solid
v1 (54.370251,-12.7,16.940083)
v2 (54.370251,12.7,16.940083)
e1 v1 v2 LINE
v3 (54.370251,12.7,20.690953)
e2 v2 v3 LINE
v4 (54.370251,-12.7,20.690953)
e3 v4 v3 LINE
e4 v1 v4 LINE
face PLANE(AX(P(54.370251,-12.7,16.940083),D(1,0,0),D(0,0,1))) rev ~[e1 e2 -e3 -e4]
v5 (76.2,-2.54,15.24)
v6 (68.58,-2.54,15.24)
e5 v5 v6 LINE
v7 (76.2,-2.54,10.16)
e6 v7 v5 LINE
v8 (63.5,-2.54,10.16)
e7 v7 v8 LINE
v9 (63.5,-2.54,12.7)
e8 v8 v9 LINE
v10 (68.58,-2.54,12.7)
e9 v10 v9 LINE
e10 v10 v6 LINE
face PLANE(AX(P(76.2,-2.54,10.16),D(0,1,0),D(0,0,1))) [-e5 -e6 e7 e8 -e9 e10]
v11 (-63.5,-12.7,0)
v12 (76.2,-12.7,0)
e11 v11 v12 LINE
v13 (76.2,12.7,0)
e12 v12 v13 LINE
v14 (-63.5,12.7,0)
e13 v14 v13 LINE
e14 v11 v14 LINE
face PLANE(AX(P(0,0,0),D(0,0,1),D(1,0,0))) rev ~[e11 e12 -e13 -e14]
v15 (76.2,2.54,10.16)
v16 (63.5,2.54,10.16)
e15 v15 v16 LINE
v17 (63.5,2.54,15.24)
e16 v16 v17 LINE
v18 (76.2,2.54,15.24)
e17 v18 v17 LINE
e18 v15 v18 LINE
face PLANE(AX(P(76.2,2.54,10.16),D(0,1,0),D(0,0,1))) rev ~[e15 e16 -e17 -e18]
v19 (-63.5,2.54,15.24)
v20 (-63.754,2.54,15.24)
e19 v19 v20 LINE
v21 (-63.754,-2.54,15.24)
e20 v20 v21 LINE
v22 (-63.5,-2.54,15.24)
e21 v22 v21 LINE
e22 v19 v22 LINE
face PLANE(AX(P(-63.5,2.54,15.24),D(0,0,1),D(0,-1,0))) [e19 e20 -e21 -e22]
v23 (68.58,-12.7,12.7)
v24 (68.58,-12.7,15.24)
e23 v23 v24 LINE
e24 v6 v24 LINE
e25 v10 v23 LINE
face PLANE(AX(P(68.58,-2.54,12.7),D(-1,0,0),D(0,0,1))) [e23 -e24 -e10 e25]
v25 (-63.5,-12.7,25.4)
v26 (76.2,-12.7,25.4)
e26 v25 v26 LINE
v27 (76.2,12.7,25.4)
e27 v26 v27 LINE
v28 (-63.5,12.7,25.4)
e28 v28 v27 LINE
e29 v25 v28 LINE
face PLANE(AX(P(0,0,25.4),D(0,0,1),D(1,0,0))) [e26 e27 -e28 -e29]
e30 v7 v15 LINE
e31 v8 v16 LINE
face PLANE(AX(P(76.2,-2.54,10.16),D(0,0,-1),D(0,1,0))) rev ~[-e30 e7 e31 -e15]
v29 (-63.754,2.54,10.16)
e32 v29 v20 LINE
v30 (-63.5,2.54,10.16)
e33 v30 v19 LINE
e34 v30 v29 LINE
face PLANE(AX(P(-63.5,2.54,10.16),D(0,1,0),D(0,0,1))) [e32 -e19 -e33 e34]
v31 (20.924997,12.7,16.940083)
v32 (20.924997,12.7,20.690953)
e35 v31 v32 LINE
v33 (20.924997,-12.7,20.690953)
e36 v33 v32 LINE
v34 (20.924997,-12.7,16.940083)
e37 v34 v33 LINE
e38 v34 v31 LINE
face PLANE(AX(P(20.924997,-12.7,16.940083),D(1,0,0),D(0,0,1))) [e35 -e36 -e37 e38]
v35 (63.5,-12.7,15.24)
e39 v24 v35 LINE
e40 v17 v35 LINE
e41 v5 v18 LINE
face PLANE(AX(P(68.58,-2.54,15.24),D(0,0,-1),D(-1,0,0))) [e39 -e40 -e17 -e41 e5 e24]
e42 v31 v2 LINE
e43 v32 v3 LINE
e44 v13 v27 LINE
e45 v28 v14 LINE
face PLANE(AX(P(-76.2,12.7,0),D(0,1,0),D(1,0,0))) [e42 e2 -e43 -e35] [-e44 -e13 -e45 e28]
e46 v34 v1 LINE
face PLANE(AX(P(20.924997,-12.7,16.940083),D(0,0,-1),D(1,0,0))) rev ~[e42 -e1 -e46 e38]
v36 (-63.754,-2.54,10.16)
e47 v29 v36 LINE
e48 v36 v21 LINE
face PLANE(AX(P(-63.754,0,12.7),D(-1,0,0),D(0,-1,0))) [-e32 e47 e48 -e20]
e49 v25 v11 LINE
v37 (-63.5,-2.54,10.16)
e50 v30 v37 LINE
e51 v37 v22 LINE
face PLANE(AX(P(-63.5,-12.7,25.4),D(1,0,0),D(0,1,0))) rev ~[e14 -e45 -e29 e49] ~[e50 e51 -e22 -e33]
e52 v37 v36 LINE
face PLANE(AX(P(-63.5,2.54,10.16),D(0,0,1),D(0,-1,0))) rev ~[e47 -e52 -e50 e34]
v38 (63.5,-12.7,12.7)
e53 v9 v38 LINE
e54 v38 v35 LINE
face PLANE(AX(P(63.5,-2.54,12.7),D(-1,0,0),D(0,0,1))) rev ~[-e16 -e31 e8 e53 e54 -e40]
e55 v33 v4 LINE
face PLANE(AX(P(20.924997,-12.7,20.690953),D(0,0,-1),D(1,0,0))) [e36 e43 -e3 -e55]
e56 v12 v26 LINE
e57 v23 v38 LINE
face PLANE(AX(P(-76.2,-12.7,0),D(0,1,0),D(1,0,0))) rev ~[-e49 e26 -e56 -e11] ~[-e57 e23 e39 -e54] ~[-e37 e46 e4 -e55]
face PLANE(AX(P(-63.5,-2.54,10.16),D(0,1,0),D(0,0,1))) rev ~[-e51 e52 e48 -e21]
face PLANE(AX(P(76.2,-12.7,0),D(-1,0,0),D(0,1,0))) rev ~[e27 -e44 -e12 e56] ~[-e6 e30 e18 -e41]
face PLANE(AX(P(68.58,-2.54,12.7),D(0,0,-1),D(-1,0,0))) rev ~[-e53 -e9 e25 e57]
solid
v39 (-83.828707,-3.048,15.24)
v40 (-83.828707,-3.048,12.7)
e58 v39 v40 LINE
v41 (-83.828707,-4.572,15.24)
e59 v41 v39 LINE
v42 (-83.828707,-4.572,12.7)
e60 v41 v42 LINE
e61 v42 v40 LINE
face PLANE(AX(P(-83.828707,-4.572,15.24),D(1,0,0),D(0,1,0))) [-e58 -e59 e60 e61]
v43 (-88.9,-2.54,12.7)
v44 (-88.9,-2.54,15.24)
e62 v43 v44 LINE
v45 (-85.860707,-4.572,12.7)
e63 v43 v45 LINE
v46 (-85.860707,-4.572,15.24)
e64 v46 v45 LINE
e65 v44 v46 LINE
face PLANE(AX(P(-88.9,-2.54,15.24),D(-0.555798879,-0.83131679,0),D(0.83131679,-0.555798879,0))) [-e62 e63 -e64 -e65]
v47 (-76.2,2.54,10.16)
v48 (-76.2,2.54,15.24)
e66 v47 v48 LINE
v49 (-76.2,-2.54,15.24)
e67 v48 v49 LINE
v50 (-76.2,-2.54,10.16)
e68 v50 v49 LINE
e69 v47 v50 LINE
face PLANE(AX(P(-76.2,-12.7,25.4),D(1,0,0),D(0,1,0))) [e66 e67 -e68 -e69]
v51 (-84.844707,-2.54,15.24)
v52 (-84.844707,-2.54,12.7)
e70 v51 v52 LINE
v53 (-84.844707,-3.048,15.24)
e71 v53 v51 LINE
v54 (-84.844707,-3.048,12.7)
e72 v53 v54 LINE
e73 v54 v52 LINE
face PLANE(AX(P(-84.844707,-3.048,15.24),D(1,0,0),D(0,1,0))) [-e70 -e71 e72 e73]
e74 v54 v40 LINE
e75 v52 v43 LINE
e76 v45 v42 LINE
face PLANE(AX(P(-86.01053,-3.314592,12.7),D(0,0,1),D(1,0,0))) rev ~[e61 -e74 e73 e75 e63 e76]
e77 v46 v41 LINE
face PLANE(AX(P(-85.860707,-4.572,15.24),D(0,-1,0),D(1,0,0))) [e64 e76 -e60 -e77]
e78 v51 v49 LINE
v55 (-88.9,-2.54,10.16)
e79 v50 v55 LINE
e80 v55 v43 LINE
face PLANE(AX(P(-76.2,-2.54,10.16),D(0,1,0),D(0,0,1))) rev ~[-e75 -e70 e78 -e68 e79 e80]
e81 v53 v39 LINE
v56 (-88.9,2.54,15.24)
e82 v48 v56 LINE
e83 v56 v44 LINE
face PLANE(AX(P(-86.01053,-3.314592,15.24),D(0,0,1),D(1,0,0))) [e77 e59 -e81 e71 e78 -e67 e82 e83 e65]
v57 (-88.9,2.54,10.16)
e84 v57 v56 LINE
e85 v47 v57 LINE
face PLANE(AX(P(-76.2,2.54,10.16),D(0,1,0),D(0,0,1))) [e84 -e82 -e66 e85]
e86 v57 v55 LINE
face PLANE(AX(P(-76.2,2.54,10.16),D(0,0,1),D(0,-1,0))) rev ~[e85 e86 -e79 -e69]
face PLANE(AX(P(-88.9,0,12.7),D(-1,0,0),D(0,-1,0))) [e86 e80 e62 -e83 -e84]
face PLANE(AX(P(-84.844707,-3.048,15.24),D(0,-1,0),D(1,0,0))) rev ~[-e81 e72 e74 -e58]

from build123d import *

# Parameters (mm, degrees)
F0_W      = 152.4
F0_H      = 25.4
F1_DEPTH  = 25.4
F2_W      = 5.08
F2_H      = 5.08
F3_DEPTH  = 12.7
F5_W      = 5.08
F5_H      = 5.08
F6_DEPTH  = 12.7
F8_DEPTH  = 2.54
F9_W      = 1.016
F9_H      = 0.508
F10_DEPTH = 25.4
F4_W      = 5.08
F4_H      = 2.54
F11_DEPTH = 25.4
F12_W     = 33.4452539682
F12_H     = 3.7508700043
F13_DEPTH = 25.4
F14_W     = 12.7
F14_H     = 25.4
F15_DEPTH = 25.4
F16_W     = 5.08
F16_H     = 5.08
F17_DEPTH = 0.254


with BuildPart() as f1:
    # F0 (on Top) → F1 (new body)
    with BuildSketch(Plane.XY):
        Rectangle(F0_W, F0_H)
    extrude(amount=F1_DEPTH)

    # F2 (on face) → F3 (cut)
    with BuildSketch(Plane.YZ.offset(76.2)):
        with Locations((0, 12.7)):
            Rectangle(F2_W, F2_H)
    extrude(amount=-F3_DEPTH, mode=Mode.SUBTRACT)

    # F5 (on face) → F6 (join)
    with BuildSketch(Plane(origin=(-76.2, 0, 0), x_dir=(0, -1, 0), z_dir=(-1, 0, 0))):
        with Locations((0, 12.7)):
            Rectangle(F5_W, F5_H)
    extrude(amount=F6_DEPTH)

    # F7 (on face) → F8 (join)
    with BuildSketch(Plane.XY.offset(15.24)):
        Polygon((-83.8287068658, -2.54), (-88.9, -2.54), (-85.8607068658, -4.572), (-83.8287068658, -4.572), align=None)
    extrude(amount=-F8_DEPTH)

    # F9 (on face) → F10 (cut)
    with BuildSketch(Plane.XY.offset(15.24)):
        with Locations((-84.3367068658, -2.794)):
            Rectangle(F9_W, F9_H)
    extrude(amount=-F10_DEPTH, mode=Mode.SUBTRACT)

    # F4 (on face) → F11 (cut)
    with BuildSketch(Plane(origin=(0, -2.54, 0), x_dir=(-1, 0, 0), z_dir=(0, 1, 0))):
        with Locations((-66.04, 13.97)):
            Rectangle(F4_W, F4_H)
    extrude(amount=-F11_DEPTH, mode=Mode.SUBTRACT)

    # F12 (on face) → F13 (cut)
    with BuildSketch(Plane.XZ.offset(12.7)):
        with Locations((37.6476235688, 18.8155183569)):
            Rectangle(F12_W, F12_H)
    extrude(amount=-F13_DEPTH, mode=Mode.SUBTRACT)

    # F14 (on face) → F15 (cut)
    with BuildSketch(Plane.XY.offset(25.4)):
        with Locations((-69.85, 0)):
            Rectangle(F14_W, F14_H)
    extrude(amount=-F15_DEPTH, mode=Mode.SUBTRACT)

    # F16 (on face) → F17 (join)
    with BuildSketch(Plane(origin=(-63.5, 0, 0), x_dir=(0, -1, 0), z_dir=(-1, 0, 0))):
        with Locations((0, 12.7)):
            Rectangle(F16_W, F16_H)
    extrude(amount=F17_DEPTH)


solid = f1.part
